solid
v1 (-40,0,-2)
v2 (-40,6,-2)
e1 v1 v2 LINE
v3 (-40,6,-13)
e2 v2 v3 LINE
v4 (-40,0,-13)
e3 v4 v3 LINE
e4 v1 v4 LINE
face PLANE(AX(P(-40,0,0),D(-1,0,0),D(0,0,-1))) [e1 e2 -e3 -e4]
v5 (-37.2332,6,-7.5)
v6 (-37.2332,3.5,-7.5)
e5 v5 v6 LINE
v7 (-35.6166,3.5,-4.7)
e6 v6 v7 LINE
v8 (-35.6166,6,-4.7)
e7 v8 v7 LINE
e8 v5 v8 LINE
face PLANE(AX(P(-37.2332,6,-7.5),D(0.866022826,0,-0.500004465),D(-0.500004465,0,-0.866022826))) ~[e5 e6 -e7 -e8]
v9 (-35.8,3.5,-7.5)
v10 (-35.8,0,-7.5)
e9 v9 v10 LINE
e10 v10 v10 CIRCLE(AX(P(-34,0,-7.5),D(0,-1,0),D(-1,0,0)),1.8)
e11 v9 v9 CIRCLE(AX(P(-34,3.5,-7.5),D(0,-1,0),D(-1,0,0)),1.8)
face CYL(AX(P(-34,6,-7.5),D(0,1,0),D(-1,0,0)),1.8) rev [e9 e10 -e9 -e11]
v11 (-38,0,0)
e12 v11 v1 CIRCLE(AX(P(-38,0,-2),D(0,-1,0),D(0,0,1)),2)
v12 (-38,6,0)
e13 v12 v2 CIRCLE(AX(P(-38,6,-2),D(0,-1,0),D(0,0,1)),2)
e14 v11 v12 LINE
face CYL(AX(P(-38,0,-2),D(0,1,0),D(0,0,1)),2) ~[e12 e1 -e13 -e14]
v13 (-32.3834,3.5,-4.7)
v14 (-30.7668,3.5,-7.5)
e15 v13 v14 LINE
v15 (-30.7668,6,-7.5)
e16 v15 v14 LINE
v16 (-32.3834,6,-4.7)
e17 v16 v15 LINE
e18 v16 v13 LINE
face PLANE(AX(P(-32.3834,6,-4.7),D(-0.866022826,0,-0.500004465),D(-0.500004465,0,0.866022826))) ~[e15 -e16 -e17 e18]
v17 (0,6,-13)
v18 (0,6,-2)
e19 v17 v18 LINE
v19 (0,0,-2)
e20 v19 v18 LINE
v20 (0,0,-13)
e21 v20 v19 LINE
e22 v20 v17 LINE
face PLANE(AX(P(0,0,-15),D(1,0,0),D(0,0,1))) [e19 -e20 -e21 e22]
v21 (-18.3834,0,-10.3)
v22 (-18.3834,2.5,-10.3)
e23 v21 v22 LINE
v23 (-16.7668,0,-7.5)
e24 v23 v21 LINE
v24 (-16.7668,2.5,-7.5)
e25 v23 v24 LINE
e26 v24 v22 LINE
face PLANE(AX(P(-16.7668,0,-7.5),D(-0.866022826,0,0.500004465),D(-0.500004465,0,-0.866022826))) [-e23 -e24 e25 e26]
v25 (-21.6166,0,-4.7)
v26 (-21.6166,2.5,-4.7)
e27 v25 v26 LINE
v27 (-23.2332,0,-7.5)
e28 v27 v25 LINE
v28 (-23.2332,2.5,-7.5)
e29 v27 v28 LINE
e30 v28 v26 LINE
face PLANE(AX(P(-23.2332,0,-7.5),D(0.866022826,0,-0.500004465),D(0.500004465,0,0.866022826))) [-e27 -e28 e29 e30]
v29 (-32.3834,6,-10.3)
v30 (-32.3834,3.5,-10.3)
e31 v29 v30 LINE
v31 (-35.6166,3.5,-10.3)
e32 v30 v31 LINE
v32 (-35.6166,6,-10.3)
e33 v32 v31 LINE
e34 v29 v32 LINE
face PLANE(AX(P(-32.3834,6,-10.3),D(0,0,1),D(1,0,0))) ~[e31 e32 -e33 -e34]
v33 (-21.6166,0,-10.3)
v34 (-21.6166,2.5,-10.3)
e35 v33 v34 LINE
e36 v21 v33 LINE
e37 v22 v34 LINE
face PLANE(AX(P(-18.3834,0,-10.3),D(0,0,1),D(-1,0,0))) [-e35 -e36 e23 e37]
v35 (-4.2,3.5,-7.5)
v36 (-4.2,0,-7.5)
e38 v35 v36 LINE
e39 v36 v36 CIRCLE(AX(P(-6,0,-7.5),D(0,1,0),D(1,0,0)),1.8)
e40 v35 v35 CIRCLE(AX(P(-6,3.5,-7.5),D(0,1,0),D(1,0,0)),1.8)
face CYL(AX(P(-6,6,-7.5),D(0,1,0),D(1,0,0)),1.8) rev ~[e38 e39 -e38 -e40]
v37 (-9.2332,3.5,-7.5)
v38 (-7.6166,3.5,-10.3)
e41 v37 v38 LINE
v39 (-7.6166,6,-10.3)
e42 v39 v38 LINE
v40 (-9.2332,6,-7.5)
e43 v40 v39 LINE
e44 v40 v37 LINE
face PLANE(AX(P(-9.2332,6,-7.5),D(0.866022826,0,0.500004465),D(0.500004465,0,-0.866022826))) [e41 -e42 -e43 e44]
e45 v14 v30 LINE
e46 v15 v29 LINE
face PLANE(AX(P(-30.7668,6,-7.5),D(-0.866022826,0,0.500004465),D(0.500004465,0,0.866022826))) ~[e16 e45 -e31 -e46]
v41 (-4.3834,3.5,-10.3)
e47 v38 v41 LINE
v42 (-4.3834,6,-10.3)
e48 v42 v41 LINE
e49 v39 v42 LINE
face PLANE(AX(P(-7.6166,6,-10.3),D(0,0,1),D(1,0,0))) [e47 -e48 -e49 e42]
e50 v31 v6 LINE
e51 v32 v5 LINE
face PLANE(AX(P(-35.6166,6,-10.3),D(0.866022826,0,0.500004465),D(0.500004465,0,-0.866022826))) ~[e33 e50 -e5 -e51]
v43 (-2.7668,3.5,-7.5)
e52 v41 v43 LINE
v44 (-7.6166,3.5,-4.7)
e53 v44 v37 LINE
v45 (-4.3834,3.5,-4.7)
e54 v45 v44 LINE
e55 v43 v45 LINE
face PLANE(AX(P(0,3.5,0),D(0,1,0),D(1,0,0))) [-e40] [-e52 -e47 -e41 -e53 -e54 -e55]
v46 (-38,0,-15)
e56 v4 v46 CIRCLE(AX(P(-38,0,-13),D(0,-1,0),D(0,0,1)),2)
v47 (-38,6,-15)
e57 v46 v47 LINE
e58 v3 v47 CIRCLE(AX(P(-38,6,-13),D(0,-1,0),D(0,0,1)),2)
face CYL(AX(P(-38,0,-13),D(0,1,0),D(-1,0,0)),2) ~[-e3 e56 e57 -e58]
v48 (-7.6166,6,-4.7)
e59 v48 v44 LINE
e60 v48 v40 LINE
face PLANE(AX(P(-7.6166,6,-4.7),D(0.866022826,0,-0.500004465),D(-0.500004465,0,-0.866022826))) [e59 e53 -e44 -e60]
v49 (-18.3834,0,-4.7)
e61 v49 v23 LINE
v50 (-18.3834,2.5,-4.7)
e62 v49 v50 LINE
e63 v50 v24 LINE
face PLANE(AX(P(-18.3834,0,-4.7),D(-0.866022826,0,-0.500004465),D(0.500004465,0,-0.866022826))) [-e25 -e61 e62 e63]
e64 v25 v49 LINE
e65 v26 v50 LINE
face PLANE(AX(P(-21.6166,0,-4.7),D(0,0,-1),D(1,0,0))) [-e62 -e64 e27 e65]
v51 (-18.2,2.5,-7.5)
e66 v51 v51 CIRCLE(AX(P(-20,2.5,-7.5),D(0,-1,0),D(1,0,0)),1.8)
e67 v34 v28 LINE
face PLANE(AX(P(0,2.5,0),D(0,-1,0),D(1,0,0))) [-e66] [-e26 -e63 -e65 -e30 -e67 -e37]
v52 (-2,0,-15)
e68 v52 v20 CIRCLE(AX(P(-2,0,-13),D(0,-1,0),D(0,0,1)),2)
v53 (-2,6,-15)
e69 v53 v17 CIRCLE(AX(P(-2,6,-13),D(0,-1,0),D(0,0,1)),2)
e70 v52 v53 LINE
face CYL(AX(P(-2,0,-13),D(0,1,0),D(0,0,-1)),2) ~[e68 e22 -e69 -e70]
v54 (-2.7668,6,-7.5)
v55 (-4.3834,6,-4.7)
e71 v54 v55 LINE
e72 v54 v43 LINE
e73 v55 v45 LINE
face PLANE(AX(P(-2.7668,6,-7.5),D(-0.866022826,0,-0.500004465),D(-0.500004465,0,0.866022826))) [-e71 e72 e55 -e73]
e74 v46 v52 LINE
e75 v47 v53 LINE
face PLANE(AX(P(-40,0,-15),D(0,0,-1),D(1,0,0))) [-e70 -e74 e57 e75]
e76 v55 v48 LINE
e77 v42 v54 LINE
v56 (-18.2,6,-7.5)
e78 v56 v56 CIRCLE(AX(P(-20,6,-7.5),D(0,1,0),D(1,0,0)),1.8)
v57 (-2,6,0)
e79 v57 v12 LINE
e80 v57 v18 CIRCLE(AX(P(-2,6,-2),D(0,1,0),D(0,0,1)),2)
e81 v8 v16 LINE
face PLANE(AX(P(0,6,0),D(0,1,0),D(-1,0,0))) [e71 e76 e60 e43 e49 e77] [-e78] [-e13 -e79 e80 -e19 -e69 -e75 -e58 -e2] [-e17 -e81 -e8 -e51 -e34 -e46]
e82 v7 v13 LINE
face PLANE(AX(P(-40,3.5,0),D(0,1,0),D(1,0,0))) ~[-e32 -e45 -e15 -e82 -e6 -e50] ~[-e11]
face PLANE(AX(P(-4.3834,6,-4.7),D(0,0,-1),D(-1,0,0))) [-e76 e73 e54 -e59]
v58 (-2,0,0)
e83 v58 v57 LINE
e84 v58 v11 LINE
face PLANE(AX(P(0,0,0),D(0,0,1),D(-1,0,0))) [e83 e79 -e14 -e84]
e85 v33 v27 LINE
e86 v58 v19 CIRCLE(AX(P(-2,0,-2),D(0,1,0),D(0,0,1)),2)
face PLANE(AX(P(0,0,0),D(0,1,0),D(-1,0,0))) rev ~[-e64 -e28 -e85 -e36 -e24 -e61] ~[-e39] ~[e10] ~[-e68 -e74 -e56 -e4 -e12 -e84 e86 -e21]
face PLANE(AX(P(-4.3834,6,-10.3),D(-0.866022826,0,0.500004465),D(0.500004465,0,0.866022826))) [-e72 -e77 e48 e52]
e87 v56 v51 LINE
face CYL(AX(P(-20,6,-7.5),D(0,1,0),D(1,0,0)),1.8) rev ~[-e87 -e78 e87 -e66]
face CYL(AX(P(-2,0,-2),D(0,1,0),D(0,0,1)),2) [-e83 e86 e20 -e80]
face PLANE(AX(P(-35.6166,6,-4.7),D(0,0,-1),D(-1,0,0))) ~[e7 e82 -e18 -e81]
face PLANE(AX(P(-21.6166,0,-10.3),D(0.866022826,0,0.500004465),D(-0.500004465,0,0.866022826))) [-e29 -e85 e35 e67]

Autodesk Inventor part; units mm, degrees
ref_plane "YZ Plane" through (0, 0, 0) normal (1, 0, 0) x (0, 1, 0)
ref_plane "XZ Plane" through (0, 0, 0) normal (0, 1, 0) x (-1, 0, 0)
ref_plane "XY Plane" through (0, 0, 0) normal (0, 0, 1) x (1, 0, 0)
sketch "Sketch1" plane through (0, 0, 0) normal (0, 1, 0) x (-1, 0, 0)
  line L0 (0, 0) -> (40, 0)
  line L1 (40, 0) -> (40, -15)
  line L2 (40, -15) -> (0, -15)
  line L3 (0, -15) -> (0, 0)
  dimension "d0" = 40
  dimension "d1" = 15
extrude "Extrusion1" add sketch "Sketch1" along normal blind 6
fillet "Fillet1" radius 2 4 edges at (0, 3, 0) (0, 3, -15) (-40, 3, -15) (-40, 3, 0)
ref_plane "Work Plane1" through (-20, 0, -2) normal (1, 0, 0) x (0, 0, -1)
sketch "Sketch2" plane through (0, 6, 0) normal (0, 1, 0) x (1, 0, 0)
  circle A0 centre (-6, 7.5) radius 1.8
  point P0 (0, 0)
  dimension "d9" = 3.6
extrude "Extrusion3" cut sketch "Sketch2" against normal blind 6
sketch "Sketch4" plane through (0, 6, 0) normal (0, 1, 0) x (1, 0, 0)
  circle A0 centre (-6, 7.5) radius 1.8 projected
  line L0 (-7.6166, 4.7) -> (-9.2332, 7.5)
  line L1 (-9.2332, 7.5) -> (-7.6166, 10.3)
  line L2 (-7.6166, 10.3) -> (-4.3834, 10.3)
  line L3 (-4.3834, 10.3) -> (-2.7668, 7.5)
  line L4 (-2.7668, 7.5) -> (-4.3834, 4.7)
  line L5 (-4.3834, 4.7) -> (-7.6166, 4.7)
  point P0 (0, 0)
  point P1 (-6, 4.7)
extrude "Extrusion4" cut sketch "Sketch4" against normal blind 2.5
sketch "Sketch5" plane through (0, 6, 0) normal (0, 1, 0) x (1, 0, 0)
  circle A0 centre (-20, 7.5) radius 1.8
  point P0 (0, 0)
  dimension "d15" = 3.6
extrude "Extrusion5" cut sketch "Sketch5" against normal blind 6
sketch "Sketch6" plane through (0, 0, 0) normal (0, -1, 0) x (1, 0, 0)
  circle A0 centre (-20, -7.5) radius 1.8 projected
  line L0 (-21.6166, -10.3) -> (-23.2332, -7.5)
  line L1 (-23.2332, -7.5) -> (-21.6166, -4.7)
  line L2 (-21.6166, -4.7) -> (-18.3834, -4.7)
  line L3 (-18.3834, -4.7) -> (-16.7668, -7.5)
  line L4 (-16.7668, -7.5) -> (-18.3834, -10.3)
  line L5 (-18.3834, -10.3) -> (-21.6166, -10.3)
  point P0 (0, 0)
  point P1 (-20, -10.3)
extrude "Extrusion6" cut sketch "Sketch6" against normal blind 2.5
mirror "Mirror1" about plane through (-20, 0, -2) normal (1, 0, 0) of "Extrusion3"
mirror "Mirror2" about plane through (-20, 0, -2) normal (1, 0, 0) of "Extrusion4"
properties part number "shaft pusher top"
